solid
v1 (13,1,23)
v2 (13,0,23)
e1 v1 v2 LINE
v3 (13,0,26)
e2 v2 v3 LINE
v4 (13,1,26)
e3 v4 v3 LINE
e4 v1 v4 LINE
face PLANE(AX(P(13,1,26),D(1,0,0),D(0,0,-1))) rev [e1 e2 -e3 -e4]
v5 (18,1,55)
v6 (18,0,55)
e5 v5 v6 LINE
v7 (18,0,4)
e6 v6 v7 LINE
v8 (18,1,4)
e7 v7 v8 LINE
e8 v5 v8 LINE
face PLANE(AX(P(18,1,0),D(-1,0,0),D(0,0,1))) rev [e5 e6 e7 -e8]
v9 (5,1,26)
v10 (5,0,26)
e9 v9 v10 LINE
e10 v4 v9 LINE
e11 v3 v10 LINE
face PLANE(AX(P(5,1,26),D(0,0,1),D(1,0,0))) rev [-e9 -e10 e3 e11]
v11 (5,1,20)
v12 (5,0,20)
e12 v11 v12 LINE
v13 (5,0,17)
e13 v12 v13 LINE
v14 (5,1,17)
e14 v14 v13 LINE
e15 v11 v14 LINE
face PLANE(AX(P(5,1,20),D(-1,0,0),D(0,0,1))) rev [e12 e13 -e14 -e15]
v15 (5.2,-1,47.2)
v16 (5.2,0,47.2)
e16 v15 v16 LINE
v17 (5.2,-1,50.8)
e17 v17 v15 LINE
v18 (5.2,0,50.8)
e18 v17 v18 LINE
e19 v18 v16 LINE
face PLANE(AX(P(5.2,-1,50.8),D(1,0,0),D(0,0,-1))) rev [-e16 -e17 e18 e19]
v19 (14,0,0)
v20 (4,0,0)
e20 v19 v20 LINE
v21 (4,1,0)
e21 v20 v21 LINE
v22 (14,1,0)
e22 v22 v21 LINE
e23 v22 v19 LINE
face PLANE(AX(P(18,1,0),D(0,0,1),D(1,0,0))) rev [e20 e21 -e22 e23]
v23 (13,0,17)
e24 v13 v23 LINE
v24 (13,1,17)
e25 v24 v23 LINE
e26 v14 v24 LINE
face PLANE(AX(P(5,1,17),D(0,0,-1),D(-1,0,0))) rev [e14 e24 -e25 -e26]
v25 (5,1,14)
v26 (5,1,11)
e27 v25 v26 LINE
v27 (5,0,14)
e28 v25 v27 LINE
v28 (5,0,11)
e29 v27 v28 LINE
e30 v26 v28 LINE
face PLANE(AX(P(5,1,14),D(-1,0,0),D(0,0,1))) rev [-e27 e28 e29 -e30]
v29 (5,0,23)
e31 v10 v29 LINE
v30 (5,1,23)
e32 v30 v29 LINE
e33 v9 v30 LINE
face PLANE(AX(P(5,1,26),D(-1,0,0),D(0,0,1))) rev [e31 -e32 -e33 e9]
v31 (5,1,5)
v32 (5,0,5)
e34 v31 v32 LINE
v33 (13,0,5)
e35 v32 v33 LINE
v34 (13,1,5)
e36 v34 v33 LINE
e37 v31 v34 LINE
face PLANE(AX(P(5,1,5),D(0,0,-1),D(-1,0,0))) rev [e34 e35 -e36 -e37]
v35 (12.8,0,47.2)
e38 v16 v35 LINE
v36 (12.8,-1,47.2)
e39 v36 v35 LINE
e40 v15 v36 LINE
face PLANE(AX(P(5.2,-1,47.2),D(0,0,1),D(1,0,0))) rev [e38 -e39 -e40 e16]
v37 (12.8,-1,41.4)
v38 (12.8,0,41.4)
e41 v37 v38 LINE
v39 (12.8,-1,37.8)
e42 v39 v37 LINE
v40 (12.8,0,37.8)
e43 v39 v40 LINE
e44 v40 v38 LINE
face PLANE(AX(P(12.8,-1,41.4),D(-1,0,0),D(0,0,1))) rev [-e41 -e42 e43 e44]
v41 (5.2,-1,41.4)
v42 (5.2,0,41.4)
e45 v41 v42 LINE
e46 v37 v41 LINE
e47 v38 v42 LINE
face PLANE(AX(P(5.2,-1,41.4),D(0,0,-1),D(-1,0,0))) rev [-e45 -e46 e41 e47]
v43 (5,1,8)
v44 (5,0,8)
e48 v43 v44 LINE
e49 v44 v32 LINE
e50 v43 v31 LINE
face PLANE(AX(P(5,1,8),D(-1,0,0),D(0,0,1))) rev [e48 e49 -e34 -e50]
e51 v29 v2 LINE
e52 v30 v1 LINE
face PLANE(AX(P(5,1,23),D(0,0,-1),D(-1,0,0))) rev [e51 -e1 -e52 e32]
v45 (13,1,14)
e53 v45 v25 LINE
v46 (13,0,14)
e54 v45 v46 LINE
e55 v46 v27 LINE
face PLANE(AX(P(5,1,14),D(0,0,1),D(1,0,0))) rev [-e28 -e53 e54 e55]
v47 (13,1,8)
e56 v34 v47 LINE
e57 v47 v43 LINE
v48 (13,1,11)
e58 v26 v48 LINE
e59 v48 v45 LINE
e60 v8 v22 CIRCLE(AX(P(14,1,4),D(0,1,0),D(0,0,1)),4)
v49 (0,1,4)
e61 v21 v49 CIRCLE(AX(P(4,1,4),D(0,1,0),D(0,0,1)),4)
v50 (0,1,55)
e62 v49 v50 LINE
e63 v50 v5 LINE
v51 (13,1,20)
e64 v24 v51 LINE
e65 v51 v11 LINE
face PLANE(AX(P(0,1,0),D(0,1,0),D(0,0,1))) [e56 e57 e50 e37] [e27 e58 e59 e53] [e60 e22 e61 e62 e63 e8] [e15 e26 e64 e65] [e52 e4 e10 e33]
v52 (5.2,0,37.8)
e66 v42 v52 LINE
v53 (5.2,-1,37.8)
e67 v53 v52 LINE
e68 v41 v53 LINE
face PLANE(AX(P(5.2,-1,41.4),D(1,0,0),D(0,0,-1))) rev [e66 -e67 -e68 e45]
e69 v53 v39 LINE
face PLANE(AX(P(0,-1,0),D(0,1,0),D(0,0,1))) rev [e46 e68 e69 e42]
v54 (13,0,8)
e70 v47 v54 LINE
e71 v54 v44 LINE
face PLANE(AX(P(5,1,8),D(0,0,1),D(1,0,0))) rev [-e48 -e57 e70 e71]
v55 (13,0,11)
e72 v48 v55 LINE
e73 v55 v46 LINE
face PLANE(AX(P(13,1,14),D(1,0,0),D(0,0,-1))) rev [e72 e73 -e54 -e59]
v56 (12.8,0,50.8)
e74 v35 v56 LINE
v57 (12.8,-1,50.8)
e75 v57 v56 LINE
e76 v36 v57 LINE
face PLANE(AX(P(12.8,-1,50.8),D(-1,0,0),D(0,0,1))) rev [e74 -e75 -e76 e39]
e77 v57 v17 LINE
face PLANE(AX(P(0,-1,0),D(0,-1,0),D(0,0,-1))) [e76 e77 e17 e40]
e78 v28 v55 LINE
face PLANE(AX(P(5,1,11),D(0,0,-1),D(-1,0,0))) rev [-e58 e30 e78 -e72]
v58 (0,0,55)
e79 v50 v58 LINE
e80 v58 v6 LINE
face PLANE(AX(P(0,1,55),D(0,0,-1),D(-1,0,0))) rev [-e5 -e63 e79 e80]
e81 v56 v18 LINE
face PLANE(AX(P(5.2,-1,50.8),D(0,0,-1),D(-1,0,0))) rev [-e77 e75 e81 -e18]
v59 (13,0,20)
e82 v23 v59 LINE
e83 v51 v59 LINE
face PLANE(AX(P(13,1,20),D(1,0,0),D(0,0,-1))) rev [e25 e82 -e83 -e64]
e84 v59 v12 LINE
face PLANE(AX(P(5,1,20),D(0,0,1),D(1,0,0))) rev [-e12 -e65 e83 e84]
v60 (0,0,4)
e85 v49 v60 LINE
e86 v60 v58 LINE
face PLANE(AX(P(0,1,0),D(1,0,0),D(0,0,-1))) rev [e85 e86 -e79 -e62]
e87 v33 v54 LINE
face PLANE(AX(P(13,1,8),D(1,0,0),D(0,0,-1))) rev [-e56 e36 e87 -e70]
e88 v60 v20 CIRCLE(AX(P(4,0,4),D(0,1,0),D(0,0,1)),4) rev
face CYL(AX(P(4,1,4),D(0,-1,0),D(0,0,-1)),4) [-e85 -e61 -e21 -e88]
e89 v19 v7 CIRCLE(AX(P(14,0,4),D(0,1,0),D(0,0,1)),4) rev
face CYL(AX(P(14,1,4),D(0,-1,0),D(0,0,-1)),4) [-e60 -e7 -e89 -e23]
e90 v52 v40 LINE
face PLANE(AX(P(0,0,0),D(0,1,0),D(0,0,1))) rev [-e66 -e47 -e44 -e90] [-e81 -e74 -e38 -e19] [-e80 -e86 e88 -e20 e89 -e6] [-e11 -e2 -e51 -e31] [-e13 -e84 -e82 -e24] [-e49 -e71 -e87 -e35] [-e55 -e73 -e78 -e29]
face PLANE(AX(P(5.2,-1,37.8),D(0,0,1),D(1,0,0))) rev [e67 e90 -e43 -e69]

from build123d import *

# Parameters (mm, degrees)
SKETCH1_W           = 18
SKETCH1_H           = 55
BOSS_EXTRUDE1_DEPTH = 1
SKETCH2_W           = 7.6
SKETCH2_H           = 3.6
BOSS_EXTRUDE2_DEPTH = 1
SKETCH3_W           = 8
SKETCH3_H           = 3
CUT_EXTRUDE1_DEPTH  = 2
FILLET1_R           = 4


with BuildPart() as part:
    # Sketch1 → Boss-Extrude1 (new body)
    with BuildSketch(Plane(origin=(0, 0, 0), x_dir=(1, 0, 0), z_dir=(0, 1, 0))):
        with Locations((9, -27.5)):
            Rectangle(SKETCH1_W, SKETCH1_H)
    extrude(amount=BOSS_EXTRUDE1_DEPTH)

    # Sketch2 → Boss-Extrude2 (add)
    with BuildSketch(Plane.XZ):
        with Locations((9, 49)):
            Rectangle(SKETCH2_W, SKETCH2_H)
        with Locations((9, 39.6)):
            Rectangle(SKETCH2_W, SKETCH2_H)
    extrude(amount=BOSS_EXTRUDE2_DEPTH)

    # Sketch3 → Cut-Extrude1 (cut, through all)
    with BuildSketch(Plane.XZ):
        with Locations((9, 12.5)):
            Rectangle(SKETCH3_W, SKETCH3_H)
        with Locations((9, 6.5)):
            Rectangle(SKETCH3_W, SKETCH3_H)
        with Locations((9, 18.5)):
            Rectangle(SKETCH3_W, SKETCH3_H)
        with Locations((9, 24.5)):
            Rectangle(SKETCH3_W, SKETCH3_H)
    extrude(amount=-CUT_EXTRUDE1_DEPTH, mode=Mode.SUBTRACT)

    # Fillet1
    fillet1_edges = [part.edges().sort_by_distance(p)[0] for p in [
        (0, 0.5, 0),
        (18, 0.5, 0),
    ]]
    fillet(fillet1_edges, radius=FILLET1_R)


solid = part.part
